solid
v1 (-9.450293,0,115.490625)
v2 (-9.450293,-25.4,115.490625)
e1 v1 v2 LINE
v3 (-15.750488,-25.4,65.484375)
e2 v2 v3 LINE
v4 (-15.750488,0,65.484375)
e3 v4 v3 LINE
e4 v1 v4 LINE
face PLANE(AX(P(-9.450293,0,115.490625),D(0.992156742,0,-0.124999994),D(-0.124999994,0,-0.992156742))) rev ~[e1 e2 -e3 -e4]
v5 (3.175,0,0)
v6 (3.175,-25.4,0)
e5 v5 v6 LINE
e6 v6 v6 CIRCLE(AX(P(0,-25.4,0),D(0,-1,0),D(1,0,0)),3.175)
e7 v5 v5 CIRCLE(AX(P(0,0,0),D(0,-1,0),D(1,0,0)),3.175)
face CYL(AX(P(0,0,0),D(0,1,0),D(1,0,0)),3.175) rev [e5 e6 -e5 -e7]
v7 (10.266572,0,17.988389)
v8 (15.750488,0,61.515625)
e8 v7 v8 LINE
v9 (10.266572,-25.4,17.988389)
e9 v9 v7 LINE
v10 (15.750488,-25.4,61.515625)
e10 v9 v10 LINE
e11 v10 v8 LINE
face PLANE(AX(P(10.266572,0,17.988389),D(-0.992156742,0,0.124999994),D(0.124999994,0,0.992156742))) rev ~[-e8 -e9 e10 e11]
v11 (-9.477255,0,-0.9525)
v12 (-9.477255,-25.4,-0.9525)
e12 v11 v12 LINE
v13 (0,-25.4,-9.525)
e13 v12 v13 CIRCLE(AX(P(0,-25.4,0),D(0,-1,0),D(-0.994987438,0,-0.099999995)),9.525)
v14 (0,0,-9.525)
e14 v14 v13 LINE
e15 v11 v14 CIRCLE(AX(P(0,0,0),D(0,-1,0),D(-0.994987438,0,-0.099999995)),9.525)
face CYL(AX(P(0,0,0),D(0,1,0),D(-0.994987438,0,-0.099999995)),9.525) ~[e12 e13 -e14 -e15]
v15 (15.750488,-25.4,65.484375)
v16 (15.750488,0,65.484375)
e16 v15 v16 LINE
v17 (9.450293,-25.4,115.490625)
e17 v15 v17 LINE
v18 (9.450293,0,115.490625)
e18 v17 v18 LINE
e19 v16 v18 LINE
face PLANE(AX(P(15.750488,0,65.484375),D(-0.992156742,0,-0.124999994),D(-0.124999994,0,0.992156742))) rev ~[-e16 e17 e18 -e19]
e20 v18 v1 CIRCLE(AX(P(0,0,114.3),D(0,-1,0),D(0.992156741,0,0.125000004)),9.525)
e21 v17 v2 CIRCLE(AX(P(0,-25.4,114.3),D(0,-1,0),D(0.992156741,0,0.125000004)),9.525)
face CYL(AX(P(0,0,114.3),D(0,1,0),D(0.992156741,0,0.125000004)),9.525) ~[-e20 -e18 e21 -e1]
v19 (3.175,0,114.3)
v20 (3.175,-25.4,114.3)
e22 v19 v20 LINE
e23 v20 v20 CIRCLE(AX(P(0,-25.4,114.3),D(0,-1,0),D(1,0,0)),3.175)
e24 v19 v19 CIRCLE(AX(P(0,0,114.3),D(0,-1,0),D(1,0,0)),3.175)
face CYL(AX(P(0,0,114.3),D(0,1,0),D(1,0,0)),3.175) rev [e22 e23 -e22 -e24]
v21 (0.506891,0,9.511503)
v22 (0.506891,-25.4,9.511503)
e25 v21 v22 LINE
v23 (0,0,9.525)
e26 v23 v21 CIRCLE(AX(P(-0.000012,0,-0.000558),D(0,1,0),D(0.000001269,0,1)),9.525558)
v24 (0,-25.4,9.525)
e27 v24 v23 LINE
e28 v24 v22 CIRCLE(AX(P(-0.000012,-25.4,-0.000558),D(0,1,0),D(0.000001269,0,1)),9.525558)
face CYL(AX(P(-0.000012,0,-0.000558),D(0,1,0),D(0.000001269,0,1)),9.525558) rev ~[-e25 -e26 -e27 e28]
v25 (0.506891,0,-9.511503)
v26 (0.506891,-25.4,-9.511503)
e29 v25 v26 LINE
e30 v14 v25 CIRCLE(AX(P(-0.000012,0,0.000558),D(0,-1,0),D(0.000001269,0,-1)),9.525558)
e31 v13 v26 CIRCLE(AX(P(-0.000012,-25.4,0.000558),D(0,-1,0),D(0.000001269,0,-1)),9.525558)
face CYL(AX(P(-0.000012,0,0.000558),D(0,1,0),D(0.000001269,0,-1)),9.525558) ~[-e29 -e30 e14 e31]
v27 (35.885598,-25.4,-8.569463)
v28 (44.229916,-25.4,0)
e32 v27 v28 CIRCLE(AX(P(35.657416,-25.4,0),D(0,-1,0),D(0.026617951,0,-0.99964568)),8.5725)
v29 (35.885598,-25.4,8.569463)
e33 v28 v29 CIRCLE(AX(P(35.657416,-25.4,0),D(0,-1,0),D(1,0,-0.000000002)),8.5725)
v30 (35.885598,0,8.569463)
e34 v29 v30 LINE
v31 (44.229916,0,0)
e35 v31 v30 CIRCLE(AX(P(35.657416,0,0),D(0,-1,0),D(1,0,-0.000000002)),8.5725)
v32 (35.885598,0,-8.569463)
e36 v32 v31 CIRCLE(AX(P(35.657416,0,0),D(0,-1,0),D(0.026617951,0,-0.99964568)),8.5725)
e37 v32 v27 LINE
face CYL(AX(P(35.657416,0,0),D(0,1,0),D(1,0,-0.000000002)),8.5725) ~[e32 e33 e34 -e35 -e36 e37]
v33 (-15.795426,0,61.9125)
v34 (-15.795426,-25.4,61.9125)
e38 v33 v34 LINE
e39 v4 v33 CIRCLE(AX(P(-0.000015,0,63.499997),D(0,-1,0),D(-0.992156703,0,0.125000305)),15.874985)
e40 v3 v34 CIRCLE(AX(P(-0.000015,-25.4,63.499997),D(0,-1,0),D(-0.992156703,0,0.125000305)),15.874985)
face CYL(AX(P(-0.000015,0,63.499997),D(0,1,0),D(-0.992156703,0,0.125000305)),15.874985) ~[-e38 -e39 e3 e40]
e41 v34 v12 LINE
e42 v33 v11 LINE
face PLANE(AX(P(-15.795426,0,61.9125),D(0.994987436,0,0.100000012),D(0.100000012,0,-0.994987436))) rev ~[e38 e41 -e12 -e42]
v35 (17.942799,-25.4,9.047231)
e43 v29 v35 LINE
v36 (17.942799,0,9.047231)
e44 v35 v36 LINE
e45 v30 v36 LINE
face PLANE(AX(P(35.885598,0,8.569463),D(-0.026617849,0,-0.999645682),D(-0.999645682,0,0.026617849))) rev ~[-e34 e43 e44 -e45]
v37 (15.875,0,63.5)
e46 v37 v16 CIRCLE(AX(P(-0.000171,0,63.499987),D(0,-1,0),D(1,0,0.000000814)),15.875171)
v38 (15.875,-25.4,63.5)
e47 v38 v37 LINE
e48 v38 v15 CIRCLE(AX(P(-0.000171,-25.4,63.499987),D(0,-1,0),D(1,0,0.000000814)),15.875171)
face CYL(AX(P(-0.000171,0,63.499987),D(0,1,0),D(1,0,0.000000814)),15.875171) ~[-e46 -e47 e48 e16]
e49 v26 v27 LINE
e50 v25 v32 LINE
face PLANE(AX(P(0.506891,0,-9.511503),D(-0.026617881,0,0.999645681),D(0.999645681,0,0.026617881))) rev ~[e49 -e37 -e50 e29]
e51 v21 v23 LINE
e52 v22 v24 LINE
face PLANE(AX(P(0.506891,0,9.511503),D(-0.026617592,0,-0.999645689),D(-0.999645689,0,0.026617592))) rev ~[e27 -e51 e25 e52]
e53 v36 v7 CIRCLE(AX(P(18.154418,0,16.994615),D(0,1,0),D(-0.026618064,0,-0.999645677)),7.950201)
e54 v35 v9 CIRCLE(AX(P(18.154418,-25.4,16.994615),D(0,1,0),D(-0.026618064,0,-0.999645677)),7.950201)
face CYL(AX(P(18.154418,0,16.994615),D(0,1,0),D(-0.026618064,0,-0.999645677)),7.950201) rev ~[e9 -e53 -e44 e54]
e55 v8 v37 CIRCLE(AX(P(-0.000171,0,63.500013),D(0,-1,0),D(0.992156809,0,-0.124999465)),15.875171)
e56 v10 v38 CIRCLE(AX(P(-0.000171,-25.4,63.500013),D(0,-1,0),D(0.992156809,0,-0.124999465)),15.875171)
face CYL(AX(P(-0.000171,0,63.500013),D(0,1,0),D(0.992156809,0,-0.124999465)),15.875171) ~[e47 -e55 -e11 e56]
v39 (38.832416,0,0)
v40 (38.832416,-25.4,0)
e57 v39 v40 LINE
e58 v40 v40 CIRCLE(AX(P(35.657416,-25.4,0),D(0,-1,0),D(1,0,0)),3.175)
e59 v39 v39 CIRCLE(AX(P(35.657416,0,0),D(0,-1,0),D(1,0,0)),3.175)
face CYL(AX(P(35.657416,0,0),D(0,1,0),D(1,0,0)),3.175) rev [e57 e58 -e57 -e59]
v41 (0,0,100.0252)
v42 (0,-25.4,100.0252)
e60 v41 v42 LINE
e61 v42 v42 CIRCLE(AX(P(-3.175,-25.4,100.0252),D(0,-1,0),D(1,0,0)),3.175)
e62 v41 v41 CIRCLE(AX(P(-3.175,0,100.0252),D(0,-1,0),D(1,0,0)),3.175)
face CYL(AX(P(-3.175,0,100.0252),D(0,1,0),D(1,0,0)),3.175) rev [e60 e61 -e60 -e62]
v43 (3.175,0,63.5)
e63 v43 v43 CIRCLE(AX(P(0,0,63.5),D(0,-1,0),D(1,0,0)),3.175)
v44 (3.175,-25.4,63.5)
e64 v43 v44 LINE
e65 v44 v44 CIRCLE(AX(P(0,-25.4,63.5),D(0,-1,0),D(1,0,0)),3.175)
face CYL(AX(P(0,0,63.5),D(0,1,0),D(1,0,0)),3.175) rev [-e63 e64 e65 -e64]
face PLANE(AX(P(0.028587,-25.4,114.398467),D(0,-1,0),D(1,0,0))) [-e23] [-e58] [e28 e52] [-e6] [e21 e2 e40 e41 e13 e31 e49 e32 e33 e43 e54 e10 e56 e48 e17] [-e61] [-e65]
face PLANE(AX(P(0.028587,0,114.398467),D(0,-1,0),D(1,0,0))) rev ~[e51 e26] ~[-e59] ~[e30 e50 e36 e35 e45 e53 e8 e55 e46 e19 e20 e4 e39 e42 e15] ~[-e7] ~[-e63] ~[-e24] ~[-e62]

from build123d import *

# Parameters (mm, degrees)
F0_R     = 3.175
F1_DEPTH = 3.048
F2_DEPTH = 25.4
F3_DEPTH = 3.048


with BuildPart() as f1:
    # F0 (on Front) → F1 (new body)
    with BuildSketch(Plane.XZ):
        with BuildLine():
            ThreePointArc((-9.450293, 115.490625), (-0.596483, 104.793695), (9.525, 114.3))
            ThreePointArc((9.525, 114.3), (9.506305, 114.896483), (9.450293, 115.490625))
            ThreePointArc((9.450293, 115.490625), (0, 123.825), (-9.450293, 115.490625))
        make_face()
        with Locations((0, 114.3)):
            Circle(F0_R, mode=Mode.SUBTRACT)
        with BuildLine():
            ThreePointArc((9.450293, 115.490625), (9.506305, 114.896483), (9.525, 114.3))
            ThreePointArc((9.525, 114.3), (-0.596483, 104.793695), (-9.450293, 115.490625))
            Line((-9.450293, 115.490625), (-15.750488, 65.484375))
            ThreePointArc((-15.750488, 65.484375), (0, 79.375), (15.750488, 65.484375))
            Line((15.750488, 65.484375), (9.450293, 115.490625))
        make_face()
        with Locations((-3.175, 100.0252)):
            Circle(F0_R, mode=Mode.SUBTRACT)
        with BuildLine():
            ThreePointArc((15.875, 63.5), (15.843841, 64.494139), (15.750488, 65.484375))
            ThreePointArc((15.750488, 65.484375), (0, 79.375), (-15.750488, 65.484375))
            ThreePointArc((-15.750488, 65.484375), (-15.873744, 63.699705), (-15.795426, 61.9125))
            ThreePointArc((-15.795426, 61.9125), (-0.199705, 47.626256), (15.750488, 61.515625))
            ThreePointArc((15.750488, 61.515625), (15.843841, 62.505861), (15.875, 63.5))
        make_face()
        with Locations((0, 63.5)):
            Circle(F0_R, mode=Mode.SUBTRACT)
        with BuildLine():
            ThreePointArc((15.750488, 61.515625), (-0.199705, 47.626256), (-15.795426, 61.9125))
            Line((-15.795426, 61.9125), (-9.477255, -0.9525))
            ThreePointArc((-9.477255, -0.9525), (-7.063929, 6.389564), (0, 9.525))
            ThreePointArc((0, 9.525), (0.253535, 9.521625), (0.506891, 9.511503))
            ThreePointArc((0.506891, 9.511503), (6.912082, 6.553529), (9.525, 0))
            ThreePointArc((9.525, 0), (6.912082, -6.553529), (0.506891, -9.511503))
            Line((0.506891, -9.511503), (35.885598, -8.569463))
            ThreePointArc((35.885598, -8.569463), (27.084916, 0), (35.885598, 8.569463))
            Line((35.885598, 8.569463), (17.942799, 9.047231))
            ThreePointArc((17.942799, 9.047231), (12.122303, 11.815881), (10.266572, 17.988389))
            Line((10.266572, 17.988389), (15.750488, 61.515625))
        make_face()
        with BuildLine():
            ThreePointArc((0, 9.525), (-7.063929, 6.389564), (-9.477255, -0.9525))
            ThreePointArc((-9.477255, -0.9525), (-6.389564, -7.063929), (0, -9.525))
            Line((0, -9.525), (0.506891, -9.511503))
            ThreePointArc((0.506891, -9.511503), (6.912082, -6.553529), (9.525, 0))
            ThreePointArc((9.525, 0), (6.912082, 6.553529), (0.506891, 9.511503))
            Line((0.506891, 9.511503), (0, 9.525))
        make_face()
        Circle(F0_R, mode=Mode.SUBTRACT)
        with BuildLine():
            Line((0.506891, -9.511503), (0, -9.525))
            ThreePointArc((0, -9.525), (0.253535, -9.521625), (0.506891, -9.511503))
        make_face()
        with BuildLine():
            ThreePointArc((44.229916, 0), (41.799234, 5.980454), (35.885598, 8.569463))
            ThreePointArc((35.885598, 8.569463), (27.084916, 0), (35.885598, -8.569463))
            ThreePointArc((35.885598, -8.569463), (41.799234, -5.980454), (44.229916, 0))
        make_face()
        with Locations((35.657416, 0)):
            Circle(F0_R, mode=Mode.SUBTRACT)
    extrude(amount=F1_DEPTH)

    # F0 (on Front) → F2 (join)
    with BuildSketch(Plane.XZ):
        with BuildLine():
            ThreePointArc((-9.450293, 115.490625), (-0.596483, 104.793695), (9.525, 114.3))
            ThreePointArc((9.525, 114.3), (9.506305, 114.896483), (9.450293, 115.490625))
            ThreePointArc((9.450293, 115.490625), (0, 123.825), (-9.450293, 115.490625))
        make_face()
        with Locations((0, 114.3)):
            Circle(F0_R, mode=Mode.SUBTRACT)
        with BuildLine():
            ThreePointArc((9.450293, 115.490625), (9.506305, 114.896483), (9.525, 114.3))
            ThreePointArc((9.525, 114.3), (-0.596483, 104.793695), (-9.450293, 115.490625))
            Line((-9.450293, 115.490625), (-15.750488, 65.484375))
            ThreePointArc((-15.750488, 65.484375), (0, 79.375), (15.750488, 65.484375))
            Line((15.750488, 65.484375), (9.450293, 115.490625))
        make_face()
        with Locations((-3.175, 100.0252)):
            Circle(F0_R, mode=Mode.SUBTRACT)
        with BuildLine():
            ThreePointArc((15.875, 63.5), (15.843841, 64.494139), (15.750488, 65.484375))
            ThreePointArc((15.750488, 65.484375), (0, 79.375), (-15.750488, 65.484375))
            ThreePointArc((-15.750488, 65.484375), (-15.873744, 63.699705), (-15.795426, 61.9125))
            ThreePointArc((-15.795426, 61.9125), (-0.199705, 47.626256), (15.750488, 61.515625))
            ThreePointArc((15.750488, 61.515625), (15.843841, 62.505861), (15.875, 63.5))
        make_face()
        with Locations((0, 63.5)):
            Circle(F0_R, mode=Mode.SUBTRACT)
        with BuildLine():
            ThreePointArc((15.750488, 61.515625), (-0.199705, 47.626256), (-15.795426, 61.9125))
            Line((-15.795426, 61.9125), (-9.477255, -0.9525))
            ThreePointArc((-9.477255, -0.9525), (-7.063929, 6.389564), (0, 9.525))
            ThreePointArc((0, 9.525), (0.253535, 9.521625), (0.506891, 9.511503))
            ThreePointArc((0.506891, 9.511503), (6.912082, 6.553529), (9.525, 0))
            ThreePointArc((9.525, 0), (6.912082, -6.553529), (0.506891, -9.511503))
            Line((0.506891, -9.511503), (35.885598, -8.569463))
            ThreePointArc((35.885598, -8.569463), (27.084916, 0), (35.885598, 8.569463))
            Line((35.885598, 8.569463), (17.942799, 9.047231))
            ThreePointArc((17.942799, 9.047231), (12.122303, 11.815881), (10.266572, 17.988389))
            Line((10.266572, 17.988389), (15.750488, 61.515625))
        make_face()
        with BuildLine():
            ThreePointArc((0, 9.525), (-7.063929, 6.389564), (-9.477255, -0.9525))
            ThreePointArc((-9.477255, -0.9525), (-6.389564, -7.063929), (0, -9.525))
            Line((0, -9.525), (0.506891, -9.511503))
            ThreePointArc((0.506891, -9.511503), (6.912082, -6.553529), (9.525, 0))
            ThreePointArc((9.525, 0), (6.912082, 6.553529), (0.506891, 9.511503))
            Line((0.506891, 9.511503), (0, 9.525))
        make_face()
        Circle(F0_R, mode=Mode.SUBTRACT)
        with BuildLine():
            Line((0.506891, -9.511503), (0, -9.525))
            ThreePointArc((0, -9.525), (0.253535, -9.521625), (0.506891, -9.511503))
        make_face()
        with BuildLine():
            ThreePointArc((44.229916, 0), (41.799234, 5.980454), (35.885598, 8.569463))
            ThreePointArc((35.885598, 8.569463), (27.084916, 0), (35.885598, -8.569463))
            ThreePointArc((35.885598, -8.569463), (41.799234, -5.980454), (44.229916, 0))
        make_face()
        with Locations((35.657416, 0)):
            Circle(F0_R, mode=Mode.SUBTRACT)
    extrude(amount=F2_DEPTH)

    # F0 (on Front) → F3 (join)
    with BuildSketch(Plane.XZ):
        with BuildLine():
            ThreePointArc((-9.450293, 115.490625), (-0.596483, 104.793695), (9.525, 114.3))
            ThreePointArc((9.525, 114.3), (9.506305, 114.896483), (9.450293, 115.490625))
            ThreePointArc((9.450293, 115.490625), (0, 123.825), (-9.450293, 115.490625))
        make_face()
        with Locations((0, 114.3)):
            Circle(F0_R, mode=Mode.SUBTRACT)
        with BuildLine():
            ThreePointArc((9.450293, 115.490625), (9.506305, 114.896483), (9.525, 114.3))
            ThreePointArc((9.525, 114.3), (-0.596483, 104.793695), (-9.450293, 115.490625))
            Line((-9.450293, 115.490625), (-15.750488, 65.484375))
            ThreePointArc((-15.750488, 65.484375), (0, 79.375), (15.750488, 65.484375))
            Line((15.750488, 65.484375), (9.450293, 115.490625))
        make_face()
        with Locations((-3.175, 100.0252)):
            Circle(F0_R, mode=Mode.SUBTRACT)
        with BuildLine():
            ThreePointArc((15.875, 63.5), (15.843841, 64.494139), (15.750488, 65.484375))
            ThreePointArc((15.750488, 65.484375), (0, 79.375), (-15.750488, 65.484375))
            ThreePointArc((-15.750488, 65.484375), (-15.873744, 63.699705), (-15.795426, 61.9125))
            ThreePointArc((-15.795426, 61.9125), (-0.199705, 47.626256), (15.750488, 61.515625))
            ThreePointArc((15.750488, 61.515625), (15.843841, 62.505861), (15.875, 63.5))
        make_face()
        with Locations((0, 63.5)):
            Circle(F0_R, mode=Mode.SUBTRACT)
        with BuildLine():
            ThreePointArc((15.750488, 61.515625), (-0.199705, 47.626256), (-15.795426, 61.9125))
            Line((-15.795426, 61.9125), (-9.477255, -0.9525))
            ThreePointArc((-9.477255, -0.9525), (-7.063929, 6.389564), (0, 9.525))
            ThreePointArc((0, 9.525), (0.253535, 9.521625), (0.506891, 9.511503))
            ThreePointArc((0.506891, 9.511503), (6.912082, 6.553529), (9.525, 0))
            ThreePointArc((9.525, 0), (6.912082, -6.553529), (0.506891, -9.511503))
            Line((0.506891, -9.511503), (35.885598, -8.569463))
            ThreePointArc((35.885598, -8.569463), (27.084916, 0), (35.885598, 8.569463))
            Line((35.885598, 8.569463), (17.942799, 9.047231))
            ThreePointArc((17.942799, 9.047231), (12.122303, 11.815881), (10.266572, 17.988389))
            Line((10.266572, 17.988389), (15.750488, 61.515625))
        make_face()
        with BuildLine():
            ThreePointArc((0, 9.525), (-7.063929, 6.389564), (-9.477255, -0.9525))
            ThreePointArc((-9.477255, -0.9525), (-6.389564, -7.063929), (0, -9.525))
            Line((0, -9.525), (0.506891, -9.511503))
            ThreePointArc((0.506891, -9.511503), (6.912082, -6.553529), (9.525, 0))
            ThreePointArc((9.525, 0), (6.912082, 6.553529), (0.506891, 9.511503))
            Line((0.506891, 9.511503), (0, 9.525))
        make_face()
        Circle(F0_R, mode=Mode.SUBTRACT)
        with BuildLine():
            Line((0.506891, -9.511503), (0, -9.525))
            ThreePointArc((0, -9.525), (0.253535, -9.521625), (0.506891, -9.511503))
        make_face()
        with BuildLine():
            ThreePointArc((44.229916, 0), (41.799234, 5.980454), (35.885598, 8.569463))
            ThreePointArc((35.885598, 8.569463), (27.084916, 0), (35.885598, -8.569463))
            ThreePointArc((35.885598, -8.569463), (41.799234, -5.980454), (44.229916, 0))
        make_face()
        with Locations((35.657416, 0)):
            Circle(F0_R, mode=Mode.SUBTRACT)
    extrude(amount=F3_DEPTH)


solid = f1.part
